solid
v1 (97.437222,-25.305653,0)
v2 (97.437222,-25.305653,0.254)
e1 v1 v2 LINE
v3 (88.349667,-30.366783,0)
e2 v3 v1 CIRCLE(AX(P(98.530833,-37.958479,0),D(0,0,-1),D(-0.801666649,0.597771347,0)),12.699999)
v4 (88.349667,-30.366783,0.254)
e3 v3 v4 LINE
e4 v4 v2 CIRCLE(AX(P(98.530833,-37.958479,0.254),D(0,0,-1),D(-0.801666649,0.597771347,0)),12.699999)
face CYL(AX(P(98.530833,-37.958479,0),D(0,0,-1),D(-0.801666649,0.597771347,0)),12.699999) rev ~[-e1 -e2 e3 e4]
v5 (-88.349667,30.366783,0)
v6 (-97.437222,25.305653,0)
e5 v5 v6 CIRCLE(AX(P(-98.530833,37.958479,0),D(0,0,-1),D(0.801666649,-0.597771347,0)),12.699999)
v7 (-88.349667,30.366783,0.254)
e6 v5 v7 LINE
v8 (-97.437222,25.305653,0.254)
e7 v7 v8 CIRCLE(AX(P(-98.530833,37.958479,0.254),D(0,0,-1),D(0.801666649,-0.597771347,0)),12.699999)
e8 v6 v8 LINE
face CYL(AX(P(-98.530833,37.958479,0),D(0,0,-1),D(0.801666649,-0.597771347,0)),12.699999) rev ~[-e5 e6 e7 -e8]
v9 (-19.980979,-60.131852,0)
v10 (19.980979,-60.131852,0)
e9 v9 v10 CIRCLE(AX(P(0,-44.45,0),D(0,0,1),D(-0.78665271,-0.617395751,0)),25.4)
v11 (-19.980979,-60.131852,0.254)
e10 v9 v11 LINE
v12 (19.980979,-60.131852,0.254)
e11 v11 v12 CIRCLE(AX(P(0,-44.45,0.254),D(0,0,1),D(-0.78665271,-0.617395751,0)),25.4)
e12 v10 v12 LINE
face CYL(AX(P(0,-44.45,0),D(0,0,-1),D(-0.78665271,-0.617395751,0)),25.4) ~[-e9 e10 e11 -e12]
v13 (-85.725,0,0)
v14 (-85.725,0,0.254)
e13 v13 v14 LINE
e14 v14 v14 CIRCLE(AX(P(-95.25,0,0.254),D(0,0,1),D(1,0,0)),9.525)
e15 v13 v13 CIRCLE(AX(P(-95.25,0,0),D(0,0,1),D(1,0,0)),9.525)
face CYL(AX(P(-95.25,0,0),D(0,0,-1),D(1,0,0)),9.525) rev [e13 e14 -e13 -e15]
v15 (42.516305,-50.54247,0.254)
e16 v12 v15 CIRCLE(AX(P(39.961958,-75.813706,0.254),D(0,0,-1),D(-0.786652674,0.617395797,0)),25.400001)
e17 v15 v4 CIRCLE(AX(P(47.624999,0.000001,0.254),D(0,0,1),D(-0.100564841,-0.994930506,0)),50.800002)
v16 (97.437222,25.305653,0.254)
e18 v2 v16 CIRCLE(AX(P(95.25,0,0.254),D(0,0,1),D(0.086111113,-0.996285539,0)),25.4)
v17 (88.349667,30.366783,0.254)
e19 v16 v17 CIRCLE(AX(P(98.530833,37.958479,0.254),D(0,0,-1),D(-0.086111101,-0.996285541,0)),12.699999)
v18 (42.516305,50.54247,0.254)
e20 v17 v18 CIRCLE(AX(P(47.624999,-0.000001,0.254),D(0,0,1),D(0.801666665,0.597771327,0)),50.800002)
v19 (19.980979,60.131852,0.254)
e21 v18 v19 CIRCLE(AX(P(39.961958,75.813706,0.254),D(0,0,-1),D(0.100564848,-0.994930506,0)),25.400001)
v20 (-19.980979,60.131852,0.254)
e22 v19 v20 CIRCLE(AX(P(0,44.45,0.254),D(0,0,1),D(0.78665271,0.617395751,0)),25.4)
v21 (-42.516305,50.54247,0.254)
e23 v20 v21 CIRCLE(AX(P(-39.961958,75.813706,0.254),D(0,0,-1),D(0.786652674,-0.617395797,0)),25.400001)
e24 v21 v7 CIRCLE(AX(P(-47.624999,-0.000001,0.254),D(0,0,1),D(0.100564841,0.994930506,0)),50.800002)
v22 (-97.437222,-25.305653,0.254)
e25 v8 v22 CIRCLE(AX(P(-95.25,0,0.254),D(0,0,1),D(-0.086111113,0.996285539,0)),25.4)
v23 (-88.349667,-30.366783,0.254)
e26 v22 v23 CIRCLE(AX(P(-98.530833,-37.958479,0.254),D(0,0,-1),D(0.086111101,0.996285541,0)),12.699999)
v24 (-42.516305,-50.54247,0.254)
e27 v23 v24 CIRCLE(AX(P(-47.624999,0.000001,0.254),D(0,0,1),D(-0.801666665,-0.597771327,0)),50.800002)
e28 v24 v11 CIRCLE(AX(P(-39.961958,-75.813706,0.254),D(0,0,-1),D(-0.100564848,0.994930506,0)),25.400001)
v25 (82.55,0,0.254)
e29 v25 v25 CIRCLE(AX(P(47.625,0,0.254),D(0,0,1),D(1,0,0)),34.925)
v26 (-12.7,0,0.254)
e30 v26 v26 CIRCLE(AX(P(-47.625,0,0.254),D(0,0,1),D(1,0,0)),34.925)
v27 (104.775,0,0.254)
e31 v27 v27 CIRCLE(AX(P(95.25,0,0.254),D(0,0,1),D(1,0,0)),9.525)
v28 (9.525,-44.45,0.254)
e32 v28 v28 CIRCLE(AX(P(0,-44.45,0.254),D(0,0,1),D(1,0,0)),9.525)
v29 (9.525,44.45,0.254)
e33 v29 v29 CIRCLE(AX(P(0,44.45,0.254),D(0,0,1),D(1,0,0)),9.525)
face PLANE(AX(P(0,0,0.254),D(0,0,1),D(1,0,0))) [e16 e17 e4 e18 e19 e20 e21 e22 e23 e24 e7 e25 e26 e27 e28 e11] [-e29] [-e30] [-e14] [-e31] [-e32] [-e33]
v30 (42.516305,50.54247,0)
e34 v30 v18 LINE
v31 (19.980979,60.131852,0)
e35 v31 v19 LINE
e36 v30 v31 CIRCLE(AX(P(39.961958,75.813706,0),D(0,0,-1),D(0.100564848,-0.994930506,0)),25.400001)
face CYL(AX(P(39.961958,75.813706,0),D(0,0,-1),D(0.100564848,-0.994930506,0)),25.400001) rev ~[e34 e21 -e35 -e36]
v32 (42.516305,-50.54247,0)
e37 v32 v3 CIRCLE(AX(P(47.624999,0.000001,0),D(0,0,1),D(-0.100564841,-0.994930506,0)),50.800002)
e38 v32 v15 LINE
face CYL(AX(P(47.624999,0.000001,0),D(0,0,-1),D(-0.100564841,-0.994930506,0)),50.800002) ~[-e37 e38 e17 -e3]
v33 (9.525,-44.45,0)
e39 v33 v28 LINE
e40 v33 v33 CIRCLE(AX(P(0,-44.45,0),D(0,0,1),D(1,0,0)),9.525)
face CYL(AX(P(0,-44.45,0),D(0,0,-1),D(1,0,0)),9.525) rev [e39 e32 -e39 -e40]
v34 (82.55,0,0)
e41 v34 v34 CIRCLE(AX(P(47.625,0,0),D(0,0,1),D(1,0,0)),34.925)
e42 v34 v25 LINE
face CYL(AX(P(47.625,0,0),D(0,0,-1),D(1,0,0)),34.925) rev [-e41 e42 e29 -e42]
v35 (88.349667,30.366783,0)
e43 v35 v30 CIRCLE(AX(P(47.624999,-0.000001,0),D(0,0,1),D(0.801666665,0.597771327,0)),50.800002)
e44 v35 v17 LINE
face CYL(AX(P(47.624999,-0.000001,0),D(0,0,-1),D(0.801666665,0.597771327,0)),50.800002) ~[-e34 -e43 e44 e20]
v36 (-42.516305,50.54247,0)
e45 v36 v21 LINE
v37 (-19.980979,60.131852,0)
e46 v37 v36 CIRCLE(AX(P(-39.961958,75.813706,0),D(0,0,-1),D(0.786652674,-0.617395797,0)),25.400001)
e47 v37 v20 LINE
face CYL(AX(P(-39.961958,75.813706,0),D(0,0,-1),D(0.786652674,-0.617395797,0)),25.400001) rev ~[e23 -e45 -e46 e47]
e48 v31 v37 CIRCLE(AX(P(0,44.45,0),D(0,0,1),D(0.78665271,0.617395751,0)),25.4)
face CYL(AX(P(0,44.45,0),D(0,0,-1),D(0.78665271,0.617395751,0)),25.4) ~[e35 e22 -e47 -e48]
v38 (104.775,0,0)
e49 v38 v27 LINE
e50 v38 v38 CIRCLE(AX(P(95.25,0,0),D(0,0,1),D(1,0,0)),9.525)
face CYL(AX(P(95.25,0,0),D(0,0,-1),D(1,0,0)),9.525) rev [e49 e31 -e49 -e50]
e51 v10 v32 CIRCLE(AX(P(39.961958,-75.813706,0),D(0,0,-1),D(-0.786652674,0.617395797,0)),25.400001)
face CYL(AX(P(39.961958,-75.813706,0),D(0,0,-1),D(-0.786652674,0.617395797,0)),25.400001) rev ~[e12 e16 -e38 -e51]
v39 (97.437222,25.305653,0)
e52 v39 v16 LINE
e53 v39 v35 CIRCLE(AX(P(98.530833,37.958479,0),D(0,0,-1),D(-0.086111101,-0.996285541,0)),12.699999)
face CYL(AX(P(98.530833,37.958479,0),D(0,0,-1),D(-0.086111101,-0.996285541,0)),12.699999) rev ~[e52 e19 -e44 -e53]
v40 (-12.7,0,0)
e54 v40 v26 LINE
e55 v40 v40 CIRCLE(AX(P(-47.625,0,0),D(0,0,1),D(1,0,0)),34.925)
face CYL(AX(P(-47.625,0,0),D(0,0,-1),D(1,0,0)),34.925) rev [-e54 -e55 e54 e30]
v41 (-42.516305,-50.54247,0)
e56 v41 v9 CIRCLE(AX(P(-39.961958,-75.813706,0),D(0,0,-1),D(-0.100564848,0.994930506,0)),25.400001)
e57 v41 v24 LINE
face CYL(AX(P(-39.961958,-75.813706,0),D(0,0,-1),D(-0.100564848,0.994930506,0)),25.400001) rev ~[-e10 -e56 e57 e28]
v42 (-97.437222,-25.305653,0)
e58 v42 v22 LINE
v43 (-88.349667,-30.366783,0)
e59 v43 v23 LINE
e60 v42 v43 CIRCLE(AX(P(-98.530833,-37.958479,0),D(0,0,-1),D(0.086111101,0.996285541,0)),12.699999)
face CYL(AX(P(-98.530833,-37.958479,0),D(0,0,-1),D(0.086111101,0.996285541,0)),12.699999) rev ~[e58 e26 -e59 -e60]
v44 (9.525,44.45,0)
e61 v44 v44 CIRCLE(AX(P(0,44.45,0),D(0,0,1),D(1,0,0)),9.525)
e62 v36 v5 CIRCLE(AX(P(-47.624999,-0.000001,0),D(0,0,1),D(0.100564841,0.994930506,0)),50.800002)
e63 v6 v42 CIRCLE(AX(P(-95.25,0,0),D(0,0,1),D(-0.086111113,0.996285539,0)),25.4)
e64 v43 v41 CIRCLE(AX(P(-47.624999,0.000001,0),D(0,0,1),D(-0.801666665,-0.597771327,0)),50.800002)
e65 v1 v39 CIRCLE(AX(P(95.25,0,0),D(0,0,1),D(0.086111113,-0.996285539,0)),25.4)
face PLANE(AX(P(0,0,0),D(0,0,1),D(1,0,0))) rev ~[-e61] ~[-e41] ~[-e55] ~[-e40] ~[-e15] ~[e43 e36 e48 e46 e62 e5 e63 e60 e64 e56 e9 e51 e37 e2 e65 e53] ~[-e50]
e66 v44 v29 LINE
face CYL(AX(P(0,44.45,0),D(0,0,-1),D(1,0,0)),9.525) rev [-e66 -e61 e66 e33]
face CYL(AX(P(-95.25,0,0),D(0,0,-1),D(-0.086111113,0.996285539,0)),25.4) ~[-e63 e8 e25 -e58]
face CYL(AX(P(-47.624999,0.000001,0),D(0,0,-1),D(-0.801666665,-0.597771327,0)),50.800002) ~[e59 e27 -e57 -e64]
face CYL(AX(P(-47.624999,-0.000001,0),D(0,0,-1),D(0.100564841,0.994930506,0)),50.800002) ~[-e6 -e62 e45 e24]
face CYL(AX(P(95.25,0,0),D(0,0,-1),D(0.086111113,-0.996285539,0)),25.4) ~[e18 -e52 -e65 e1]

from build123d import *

# Parameters (mm, degrees)
F0_R     = 9.525
F0_R_2   = 34.925
F1_DEPTH = 0.254


with BuildPart() as f1:
    # F0 (on Top) → F1 (new body)
    with BuildSketch(Plane.XY):
        with BuildLine():
            ThreePointArc((-97.437222, 25.305653), (-120.65, 0), (-97.437222, -25.305653))
            ThreePointArc((-97.437222, -25.305653), (-92.35152, -26.863161), (-88.349667, -30.366783))
            ThreePointArc((-88.349667, -30.366783), (-68.091776, -46.494635), (-42.516305, -50.54247))
            ThreePointArc((-42.516305, -50.54247), (-30.01656, -52.441733), (-19.980979, -60.131852))
            ThreePointArc((-19.980979, -60.131852), (0, -69.85), (19.980979, -60.131852))
            ThreePointArc((19.980979, -60.131852), (30.01656, -52.441733), (42.516305, -50.54247))
            ThreePointArc((42.516305, -50.54247), (68.091776, -46.494635), (88.349667, -30.366783))
            ThreePointArc((88.349667, -30.366783), (92.35152, -26.863161), (97.437222, -25.305653))
            ThreePointArc((97.437222, -25.305653), (120.65, 0), (97.437222, 25.305653))
            ThreePointArc((97.437222, 25.305653), (92.35152, 26.863161), (88.349667, 30.366783))
            ThreePointArc((88.349667, 30.366783), (68.091776, 46.494635), (42.516305, 50.54247))
            ThreePointArc((42.516305, 50.54247), (30.01656, 52.441733), (19.980979, 60.131852))
            ThreePointArc((19.980979, 60.131852), (0, 69.85), (-19.980979, 60.131852))
            ThreePointArc((-19.980979, 60.131852), (-30.01656, 52.441733), (-42.516305, 50.54247))
            ThreePointArc((-42.516305, 50.54247), (-68.091776, 46.494635), (-88.349667, 30.366783))
            ThreePointArc((-88.349667, 30.366783), (-92.35152, 26.863161), (-97.437222, 25.305653))
        make_face()
        with Locations((0, -44.45)):
            Circle(F0_R, mode=Mode.SUBTRACT)
        with Locations((-95.25, 0)):
            Circle(F0_R, mode=Mode.SUBTRACT)
        with Locations((-47.625, 0)):
            Circle(F0_R_2, mode=Mode.SUBTRACT)
        with Locations((47.625, 0)):
            Circle(F0_R_2, mode=Mode.SUBTRACT)
        with Locations((95.25, 0)):
            Circle(F0_R, mode=Mode.SUBTRACT)
        with Locations((0, 44.45)):
            Circle(F0_R, mode=Mode.SUBTRACT)
    extrude(amount=F1_DEPTH)


solid = f1.part
